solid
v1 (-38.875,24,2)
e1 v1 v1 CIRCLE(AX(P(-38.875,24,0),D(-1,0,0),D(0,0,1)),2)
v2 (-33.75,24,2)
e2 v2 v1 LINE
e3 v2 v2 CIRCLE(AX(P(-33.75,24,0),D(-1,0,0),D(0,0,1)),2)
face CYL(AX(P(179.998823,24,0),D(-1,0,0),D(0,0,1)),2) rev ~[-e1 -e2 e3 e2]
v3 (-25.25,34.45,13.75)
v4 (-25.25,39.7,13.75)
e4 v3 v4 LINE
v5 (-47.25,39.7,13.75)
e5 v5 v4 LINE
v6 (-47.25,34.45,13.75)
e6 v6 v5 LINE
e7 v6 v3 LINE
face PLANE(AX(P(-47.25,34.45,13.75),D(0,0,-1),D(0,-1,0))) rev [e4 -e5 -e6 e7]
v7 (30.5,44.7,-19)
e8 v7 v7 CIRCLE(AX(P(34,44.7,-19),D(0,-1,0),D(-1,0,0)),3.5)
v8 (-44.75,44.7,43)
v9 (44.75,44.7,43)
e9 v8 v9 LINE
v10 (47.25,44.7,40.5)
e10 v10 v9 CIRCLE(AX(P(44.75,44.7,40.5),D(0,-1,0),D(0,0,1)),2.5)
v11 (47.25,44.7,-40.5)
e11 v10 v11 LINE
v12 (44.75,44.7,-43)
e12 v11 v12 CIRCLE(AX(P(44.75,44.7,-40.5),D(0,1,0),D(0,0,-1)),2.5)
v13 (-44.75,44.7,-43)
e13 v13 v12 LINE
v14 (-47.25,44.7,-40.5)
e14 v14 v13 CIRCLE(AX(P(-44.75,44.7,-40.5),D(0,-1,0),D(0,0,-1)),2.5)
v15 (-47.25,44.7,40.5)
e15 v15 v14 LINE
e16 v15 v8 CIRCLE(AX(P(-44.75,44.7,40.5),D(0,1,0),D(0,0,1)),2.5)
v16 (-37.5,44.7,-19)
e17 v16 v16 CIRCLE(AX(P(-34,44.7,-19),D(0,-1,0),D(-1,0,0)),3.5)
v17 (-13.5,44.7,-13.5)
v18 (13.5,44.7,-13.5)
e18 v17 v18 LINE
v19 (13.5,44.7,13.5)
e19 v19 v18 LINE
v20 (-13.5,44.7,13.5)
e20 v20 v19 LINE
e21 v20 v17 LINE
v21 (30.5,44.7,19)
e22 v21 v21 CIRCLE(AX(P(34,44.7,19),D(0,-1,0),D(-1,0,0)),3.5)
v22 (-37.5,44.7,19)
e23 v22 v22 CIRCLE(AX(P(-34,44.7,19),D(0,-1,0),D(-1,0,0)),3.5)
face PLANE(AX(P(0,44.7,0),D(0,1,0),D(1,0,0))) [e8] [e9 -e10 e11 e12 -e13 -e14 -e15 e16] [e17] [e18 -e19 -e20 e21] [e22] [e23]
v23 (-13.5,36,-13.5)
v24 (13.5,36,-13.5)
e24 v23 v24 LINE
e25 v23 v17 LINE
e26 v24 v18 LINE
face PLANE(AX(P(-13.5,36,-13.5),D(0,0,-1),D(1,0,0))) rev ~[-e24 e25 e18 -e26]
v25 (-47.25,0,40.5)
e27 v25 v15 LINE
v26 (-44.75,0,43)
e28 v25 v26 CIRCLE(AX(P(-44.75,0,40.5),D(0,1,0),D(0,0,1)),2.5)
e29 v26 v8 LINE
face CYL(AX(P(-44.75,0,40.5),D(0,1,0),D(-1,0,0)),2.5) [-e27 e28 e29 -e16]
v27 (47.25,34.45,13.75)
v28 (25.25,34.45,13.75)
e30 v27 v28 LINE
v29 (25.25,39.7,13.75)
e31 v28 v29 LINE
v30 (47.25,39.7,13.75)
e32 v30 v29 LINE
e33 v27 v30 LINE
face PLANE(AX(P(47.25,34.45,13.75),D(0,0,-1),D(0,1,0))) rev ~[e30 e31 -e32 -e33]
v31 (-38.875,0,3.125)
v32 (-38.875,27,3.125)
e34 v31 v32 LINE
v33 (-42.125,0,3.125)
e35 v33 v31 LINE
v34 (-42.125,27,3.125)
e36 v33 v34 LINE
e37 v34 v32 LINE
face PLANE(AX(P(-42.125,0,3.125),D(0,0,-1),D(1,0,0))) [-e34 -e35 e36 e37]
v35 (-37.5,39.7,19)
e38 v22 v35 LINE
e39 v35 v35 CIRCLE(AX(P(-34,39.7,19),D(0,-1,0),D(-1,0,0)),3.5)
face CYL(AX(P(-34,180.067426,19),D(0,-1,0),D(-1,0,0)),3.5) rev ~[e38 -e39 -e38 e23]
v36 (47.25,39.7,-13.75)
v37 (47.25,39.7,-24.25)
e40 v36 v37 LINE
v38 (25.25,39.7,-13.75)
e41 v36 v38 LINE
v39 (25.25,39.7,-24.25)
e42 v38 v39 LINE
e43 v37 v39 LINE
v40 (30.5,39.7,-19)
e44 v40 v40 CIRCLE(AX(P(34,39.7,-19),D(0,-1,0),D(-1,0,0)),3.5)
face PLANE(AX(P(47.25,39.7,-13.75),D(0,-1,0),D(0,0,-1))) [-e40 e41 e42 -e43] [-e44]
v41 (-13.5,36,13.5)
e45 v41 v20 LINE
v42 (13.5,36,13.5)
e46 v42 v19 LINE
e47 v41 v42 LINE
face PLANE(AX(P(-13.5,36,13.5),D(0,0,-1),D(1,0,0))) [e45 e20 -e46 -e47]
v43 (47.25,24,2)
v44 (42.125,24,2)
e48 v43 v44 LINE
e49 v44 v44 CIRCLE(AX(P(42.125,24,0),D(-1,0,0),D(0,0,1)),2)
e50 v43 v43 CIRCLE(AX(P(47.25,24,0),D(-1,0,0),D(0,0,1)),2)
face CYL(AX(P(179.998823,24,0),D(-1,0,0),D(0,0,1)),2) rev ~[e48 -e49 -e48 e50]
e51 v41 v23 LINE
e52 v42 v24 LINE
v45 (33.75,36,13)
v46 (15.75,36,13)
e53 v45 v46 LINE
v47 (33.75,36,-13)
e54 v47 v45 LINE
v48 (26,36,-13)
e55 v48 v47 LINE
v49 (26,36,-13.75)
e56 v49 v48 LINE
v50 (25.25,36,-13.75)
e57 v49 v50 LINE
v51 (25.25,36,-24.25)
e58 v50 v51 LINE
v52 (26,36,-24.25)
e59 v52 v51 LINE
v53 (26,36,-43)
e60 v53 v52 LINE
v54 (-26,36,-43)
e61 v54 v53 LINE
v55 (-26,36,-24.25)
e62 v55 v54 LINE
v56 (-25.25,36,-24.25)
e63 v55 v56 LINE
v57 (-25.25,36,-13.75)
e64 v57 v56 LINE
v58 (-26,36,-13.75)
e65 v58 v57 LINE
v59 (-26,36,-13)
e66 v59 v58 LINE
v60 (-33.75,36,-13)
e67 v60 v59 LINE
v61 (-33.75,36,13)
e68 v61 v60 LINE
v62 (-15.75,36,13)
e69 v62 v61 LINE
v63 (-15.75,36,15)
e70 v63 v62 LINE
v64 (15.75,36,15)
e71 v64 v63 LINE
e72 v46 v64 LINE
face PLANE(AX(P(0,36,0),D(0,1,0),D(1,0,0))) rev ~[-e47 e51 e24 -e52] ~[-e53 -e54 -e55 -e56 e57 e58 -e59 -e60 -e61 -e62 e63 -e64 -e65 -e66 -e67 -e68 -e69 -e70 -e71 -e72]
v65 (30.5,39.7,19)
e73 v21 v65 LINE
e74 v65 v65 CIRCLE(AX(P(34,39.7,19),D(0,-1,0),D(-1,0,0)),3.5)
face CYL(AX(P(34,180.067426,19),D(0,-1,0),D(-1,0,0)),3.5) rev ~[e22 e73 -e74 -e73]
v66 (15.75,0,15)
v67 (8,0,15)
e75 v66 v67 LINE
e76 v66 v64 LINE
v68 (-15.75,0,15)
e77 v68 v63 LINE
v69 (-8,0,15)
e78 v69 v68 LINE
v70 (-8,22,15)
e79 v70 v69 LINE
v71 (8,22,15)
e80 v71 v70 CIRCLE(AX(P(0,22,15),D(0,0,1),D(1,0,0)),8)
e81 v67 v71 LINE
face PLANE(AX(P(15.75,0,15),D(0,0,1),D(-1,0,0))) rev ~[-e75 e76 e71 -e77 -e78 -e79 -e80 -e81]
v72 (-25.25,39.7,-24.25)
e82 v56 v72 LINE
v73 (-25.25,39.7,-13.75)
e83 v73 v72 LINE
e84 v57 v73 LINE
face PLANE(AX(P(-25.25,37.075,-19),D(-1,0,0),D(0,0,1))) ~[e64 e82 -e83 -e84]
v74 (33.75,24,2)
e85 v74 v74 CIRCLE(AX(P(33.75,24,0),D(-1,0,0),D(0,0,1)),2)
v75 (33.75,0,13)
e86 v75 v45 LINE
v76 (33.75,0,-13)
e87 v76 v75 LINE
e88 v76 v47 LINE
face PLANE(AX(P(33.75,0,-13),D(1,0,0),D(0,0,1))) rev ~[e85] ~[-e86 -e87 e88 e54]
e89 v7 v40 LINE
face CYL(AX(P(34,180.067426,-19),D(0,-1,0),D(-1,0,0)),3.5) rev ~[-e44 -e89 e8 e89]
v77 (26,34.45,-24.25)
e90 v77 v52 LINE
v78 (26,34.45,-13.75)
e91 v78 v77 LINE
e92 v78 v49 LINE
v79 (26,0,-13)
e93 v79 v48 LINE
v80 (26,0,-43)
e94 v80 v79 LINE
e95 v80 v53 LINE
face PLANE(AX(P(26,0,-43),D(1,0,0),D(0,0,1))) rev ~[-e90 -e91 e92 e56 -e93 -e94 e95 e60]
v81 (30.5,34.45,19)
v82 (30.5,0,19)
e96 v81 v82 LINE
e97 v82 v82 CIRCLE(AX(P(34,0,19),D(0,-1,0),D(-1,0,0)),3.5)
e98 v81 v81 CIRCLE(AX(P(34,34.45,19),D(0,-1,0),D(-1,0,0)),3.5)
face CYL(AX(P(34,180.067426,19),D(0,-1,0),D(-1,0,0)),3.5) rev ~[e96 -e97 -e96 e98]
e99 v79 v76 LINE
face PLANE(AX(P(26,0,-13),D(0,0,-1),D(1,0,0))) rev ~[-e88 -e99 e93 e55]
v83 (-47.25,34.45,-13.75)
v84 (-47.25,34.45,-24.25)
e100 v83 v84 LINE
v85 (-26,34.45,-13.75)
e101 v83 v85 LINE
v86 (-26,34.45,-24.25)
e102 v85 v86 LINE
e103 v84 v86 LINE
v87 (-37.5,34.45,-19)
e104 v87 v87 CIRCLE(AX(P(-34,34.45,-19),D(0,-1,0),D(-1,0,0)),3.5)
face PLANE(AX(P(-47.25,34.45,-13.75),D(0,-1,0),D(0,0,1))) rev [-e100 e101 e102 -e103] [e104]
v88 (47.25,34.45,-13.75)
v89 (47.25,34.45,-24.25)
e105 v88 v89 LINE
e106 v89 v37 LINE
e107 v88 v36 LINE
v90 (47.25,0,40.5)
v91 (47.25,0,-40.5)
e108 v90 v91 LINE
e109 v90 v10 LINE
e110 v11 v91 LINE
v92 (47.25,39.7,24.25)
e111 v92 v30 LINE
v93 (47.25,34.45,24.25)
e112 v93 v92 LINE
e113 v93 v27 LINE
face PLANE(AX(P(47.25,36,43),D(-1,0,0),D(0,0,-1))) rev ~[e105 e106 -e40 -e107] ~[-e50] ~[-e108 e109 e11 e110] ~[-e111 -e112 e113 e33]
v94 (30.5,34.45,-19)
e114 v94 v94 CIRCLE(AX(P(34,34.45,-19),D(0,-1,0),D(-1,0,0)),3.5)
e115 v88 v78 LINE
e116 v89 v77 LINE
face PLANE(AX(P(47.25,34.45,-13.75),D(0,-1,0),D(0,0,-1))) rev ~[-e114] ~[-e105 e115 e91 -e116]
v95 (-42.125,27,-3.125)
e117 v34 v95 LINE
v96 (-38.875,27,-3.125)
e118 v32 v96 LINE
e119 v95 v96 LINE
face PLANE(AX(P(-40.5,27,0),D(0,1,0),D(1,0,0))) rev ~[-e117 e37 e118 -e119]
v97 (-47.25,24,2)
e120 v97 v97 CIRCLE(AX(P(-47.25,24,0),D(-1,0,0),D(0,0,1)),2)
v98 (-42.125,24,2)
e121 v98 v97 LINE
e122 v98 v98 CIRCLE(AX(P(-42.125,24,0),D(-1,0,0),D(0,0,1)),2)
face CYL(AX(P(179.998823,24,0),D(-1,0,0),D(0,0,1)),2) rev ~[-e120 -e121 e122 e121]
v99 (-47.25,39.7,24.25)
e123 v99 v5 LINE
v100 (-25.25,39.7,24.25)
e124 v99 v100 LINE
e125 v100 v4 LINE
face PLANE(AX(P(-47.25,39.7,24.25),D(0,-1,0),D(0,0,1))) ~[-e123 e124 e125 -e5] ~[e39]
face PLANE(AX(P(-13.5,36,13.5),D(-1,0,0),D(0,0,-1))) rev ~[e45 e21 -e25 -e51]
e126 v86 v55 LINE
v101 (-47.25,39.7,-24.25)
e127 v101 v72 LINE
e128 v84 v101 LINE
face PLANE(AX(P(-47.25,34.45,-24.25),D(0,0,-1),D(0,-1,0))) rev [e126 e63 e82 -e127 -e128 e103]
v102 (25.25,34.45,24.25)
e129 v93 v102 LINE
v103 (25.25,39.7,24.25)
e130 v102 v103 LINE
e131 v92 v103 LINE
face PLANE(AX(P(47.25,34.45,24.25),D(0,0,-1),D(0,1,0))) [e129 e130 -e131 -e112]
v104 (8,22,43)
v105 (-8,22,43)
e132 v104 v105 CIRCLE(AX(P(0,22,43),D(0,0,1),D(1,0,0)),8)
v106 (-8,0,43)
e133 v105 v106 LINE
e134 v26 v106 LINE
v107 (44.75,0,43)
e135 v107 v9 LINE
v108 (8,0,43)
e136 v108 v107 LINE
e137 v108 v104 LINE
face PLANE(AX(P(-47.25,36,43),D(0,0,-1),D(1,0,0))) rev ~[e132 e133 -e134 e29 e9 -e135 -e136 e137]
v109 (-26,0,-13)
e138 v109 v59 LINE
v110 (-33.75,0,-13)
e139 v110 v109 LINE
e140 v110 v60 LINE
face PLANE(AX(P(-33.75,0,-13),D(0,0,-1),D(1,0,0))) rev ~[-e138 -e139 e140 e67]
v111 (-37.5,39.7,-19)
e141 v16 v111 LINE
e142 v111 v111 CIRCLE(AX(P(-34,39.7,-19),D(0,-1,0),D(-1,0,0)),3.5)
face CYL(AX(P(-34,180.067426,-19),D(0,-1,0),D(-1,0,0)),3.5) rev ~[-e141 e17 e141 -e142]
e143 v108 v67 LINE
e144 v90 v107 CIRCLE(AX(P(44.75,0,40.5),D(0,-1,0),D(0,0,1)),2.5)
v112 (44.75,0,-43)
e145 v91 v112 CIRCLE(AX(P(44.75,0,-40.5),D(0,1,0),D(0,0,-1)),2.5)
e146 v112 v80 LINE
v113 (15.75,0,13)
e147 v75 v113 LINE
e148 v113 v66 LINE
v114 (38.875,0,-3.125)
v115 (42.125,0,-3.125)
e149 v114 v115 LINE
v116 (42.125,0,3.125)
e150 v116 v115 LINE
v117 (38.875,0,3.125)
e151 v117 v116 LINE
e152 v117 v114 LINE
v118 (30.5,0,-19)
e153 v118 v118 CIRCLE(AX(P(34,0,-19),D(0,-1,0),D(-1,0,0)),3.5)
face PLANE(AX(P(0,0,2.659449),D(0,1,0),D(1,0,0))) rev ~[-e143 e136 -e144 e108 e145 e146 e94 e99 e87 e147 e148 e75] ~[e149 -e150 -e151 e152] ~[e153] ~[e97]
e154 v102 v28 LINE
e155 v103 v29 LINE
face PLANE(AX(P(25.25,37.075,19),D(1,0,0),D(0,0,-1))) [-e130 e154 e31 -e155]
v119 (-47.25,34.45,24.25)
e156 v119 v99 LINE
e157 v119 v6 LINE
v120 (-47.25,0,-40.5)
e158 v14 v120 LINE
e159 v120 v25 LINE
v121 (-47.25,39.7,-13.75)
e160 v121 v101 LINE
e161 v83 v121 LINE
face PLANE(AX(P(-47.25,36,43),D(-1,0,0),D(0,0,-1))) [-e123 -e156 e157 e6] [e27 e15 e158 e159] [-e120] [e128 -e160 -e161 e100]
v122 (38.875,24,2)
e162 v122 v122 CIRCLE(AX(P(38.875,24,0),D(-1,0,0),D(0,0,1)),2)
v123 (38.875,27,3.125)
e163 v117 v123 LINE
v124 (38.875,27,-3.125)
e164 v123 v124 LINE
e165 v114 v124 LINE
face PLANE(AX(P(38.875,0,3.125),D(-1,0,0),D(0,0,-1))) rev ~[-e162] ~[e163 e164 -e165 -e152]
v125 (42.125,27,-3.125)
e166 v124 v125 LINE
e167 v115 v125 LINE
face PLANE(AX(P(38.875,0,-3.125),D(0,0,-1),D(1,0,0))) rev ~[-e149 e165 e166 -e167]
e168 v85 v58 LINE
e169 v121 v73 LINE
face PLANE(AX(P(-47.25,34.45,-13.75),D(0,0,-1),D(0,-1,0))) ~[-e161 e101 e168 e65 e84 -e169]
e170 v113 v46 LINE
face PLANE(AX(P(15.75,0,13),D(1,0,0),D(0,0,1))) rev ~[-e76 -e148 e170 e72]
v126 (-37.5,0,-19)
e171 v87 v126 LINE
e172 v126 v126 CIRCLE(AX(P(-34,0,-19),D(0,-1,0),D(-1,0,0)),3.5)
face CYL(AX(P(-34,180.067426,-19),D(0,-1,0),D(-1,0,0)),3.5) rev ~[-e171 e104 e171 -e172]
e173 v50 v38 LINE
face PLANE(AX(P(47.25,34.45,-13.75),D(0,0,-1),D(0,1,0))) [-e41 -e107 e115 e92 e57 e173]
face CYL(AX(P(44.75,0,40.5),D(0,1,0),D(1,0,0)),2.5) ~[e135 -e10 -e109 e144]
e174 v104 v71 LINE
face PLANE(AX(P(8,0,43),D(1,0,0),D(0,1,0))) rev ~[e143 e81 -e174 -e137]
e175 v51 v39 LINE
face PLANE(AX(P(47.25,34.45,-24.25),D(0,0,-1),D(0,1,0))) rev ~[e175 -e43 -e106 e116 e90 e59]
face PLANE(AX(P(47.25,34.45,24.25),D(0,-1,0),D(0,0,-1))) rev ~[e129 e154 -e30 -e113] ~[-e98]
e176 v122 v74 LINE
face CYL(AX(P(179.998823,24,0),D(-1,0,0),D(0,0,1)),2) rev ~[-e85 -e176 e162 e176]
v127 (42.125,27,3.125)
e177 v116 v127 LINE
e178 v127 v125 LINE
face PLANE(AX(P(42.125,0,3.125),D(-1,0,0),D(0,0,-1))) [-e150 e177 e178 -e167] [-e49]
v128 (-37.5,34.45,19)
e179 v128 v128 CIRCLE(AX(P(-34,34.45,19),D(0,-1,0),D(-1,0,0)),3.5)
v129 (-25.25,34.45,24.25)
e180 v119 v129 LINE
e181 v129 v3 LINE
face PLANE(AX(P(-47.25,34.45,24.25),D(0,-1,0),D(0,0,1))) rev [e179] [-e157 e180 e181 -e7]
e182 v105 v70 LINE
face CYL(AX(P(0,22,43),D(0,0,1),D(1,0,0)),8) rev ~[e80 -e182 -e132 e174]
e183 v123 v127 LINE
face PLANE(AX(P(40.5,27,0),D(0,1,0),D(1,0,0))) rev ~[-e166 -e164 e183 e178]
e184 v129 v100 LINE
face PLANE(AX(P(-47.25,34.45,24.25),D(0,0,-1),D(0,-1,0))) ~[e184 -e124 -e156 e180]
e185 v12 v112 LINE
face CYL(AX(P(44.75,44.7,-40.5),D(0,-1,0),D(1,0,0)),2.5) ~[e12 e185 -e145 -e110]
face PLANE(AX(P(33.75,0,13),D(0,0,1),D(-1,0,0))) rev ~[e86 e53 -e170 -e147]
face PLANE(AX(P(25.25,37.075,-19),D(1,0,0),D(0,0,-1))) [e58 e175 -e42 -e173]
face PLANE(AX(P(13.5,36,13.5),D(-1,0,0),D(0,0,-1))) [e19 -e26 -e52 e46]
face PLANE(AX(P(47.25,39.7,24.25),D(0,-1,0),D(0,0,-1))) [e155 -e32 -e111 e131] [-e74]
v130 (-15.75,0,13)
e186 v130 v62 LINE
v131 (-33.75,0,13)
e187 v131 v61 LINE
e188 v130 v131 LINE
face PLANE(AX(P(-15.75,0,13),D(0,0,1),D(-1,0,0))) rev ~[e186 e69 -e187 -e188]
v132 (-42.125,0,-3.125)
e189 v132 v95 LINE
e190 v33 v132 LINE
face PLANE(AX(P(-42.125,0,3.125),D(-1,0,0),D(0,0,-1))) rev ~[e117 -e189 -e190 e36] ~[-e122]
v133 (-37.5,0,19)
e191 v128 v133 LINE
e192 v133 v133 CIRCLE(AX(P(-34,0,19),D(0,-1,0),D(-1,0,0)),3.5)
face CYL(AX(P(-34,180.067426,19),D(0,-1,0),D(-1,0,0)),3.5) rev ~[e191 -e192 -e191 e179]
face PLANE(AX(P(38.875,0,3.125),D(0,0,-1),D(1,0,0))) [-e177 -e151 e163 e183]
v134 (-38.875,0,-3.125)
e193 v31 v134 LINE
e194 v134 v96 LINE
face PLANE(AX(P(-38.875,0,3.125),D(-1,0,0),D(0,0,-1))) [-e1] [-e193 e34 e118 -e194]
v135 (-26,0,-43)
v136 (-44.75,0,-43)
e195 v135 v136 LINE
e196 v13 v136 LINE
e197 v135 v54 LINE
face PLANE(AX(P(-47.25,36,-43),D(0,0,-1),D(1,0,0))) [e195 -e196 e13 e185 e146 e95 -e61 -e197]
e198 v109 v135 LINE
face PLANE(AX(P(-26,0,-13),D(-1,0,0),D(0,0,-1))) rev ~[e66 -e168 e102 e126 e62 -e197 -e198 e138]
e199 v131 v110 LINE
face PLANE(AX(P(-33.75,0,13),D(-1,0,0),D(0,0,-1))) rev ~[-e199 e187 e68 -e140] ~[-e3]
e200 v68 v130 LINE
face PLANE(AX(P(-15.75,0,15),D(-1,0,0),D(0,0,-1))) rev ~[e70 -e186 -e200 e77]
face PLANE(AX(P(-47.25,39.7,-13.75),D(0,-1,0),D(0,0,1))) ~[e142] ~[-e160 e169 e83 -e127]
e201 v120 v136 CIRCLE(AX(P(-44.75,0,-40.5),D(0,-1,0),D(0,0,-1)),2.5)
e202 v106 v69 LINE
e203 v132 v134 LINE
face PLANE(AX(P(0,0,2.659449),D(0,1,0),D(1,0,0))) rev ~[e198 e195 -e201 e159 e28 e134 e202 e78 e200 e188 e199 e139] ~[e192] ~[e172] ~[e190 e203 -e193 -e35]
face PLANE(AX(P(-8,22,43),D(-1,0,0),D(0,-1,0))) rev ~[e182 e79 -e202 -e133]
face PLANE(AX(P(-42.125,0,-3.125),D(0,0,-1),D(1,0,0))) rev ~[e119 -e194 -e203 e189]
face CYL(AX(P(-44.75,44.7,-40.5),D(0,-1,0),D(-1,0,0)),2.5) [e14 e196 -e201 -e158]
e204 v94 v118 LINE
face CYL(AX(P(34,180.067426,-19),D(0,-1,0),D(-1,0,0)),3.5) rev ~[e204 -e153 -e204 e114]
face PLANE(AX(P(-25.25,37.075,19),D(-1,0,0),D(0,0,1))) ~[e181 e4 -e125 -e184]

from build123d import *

# Parameters (mm, degrees)
BOSS_EXTRUDE1_DEPTH  = 36
M3_CLEARANCE_HOLE1_D = 4
SKETCH6_W            = 94.5
SKETCH6_H            = 86
SKETCH6_W_2          = 27
SKETCH6_H_2          = 27
BOSS_EXTRUDE2_DEPTH  = 8.7
FILLET1_R            = 2.5
SKETCH2_3_W          = 3.25
SKETCH2_3_H          = 6.25
CUT_EXTRUDE1_DEPTH   = 27
CUT_EXTRUDE2_DEPTH   = 108.826956277
M6_CLEARANCE_HOLE1_D = 7
SKETCH12_W           = 10.5
SKETCH12_H           = 5.25
CUT_EXTRUDE4_DEPTH   = 22


with BuildPart() as part:
    # Sketch2 → Boss-Extrude1 (new body)
    with BuildSketch(Plane(origin=(0, 0, 0), x_dir=(1, 0, 0), z_dir=(0, 1, 0))):
        Polygon((-33.75, 13), (-26, 13), (-26, 43), (-47.25, 43), (-47.25, -43), (47.25, -43), (47.25, 43), (26, 43), (26, 13), (33.75, 13), (33.75, -13), (15.75, -13), (15.75, -15), (-15.75, -15), (-15.75, -13), (-33.75, -13), align=None)
    extrude(amount=BOSS_EXTRUDE1_DEPTH)

    # M3 Clearance Hole1 (through all)
    with Locations(Plane(origin=(47.25, 0, 0), x_dir=(0, 0, -1), z_dir=(1, 0, 0))):
        with Locations((0, 24)):
            Hole(M3_CLEARANCE_HOLE1_D / 2)

    # Sketch6 → Boss-Extrude2 (add)
    with BuildSketch(Plane(origin=(0, 36, 0), x_dir=(1, 0, 0), z_dir=(0, 1, 0))):
        Rectangle(SKETCH6_W, SKETCH6_H)
        Rectangle(SKETCH6_W_2, SKETCH6_H_2, mode=Mode.SUBTRACT)
    extrude(amount=BOSS_EXTRUDE2_DEPTH)

    # Fillet1
    fillet1_edges = [part.edges().sort_by_distance(p)[0] for p in [
        (47.25, 22.35, -43),
        (47.25, 22.35, 43),
        (-47.25, 22.35, 43),
        (-47.25, 22.35, -43),
    ]]
    fillet(fillet1_edges, radius=FILLET1_R)

    # Sketch2<3> → Cut-Extrude1 (cut)
    with BuildSketch(Plane(origin=(0, 0, 0), x_dir=(1, 0, 0), z_dir=(0, 1, 0))):
        with Locations((-40.5, 0)):
            Rectangle(SKETCH2_3_W, SKETCH2_3_H)
        with Locations((40.5, 0)):
            Rectangle(SKETCH2_3_W, SKETCH2_3_H)
    extrude(amount=CUT_EXTRUDE1_DEPTH, mode=Mode.SUBTRACT)

    # Sketch8 → Cut-Extrude2 (cut, through all)
    with BuildSketch(Plane.XY.offset(43)):
        with BuildLine():
            Line((-8, 22), (-8, 0))
            Line((-8, 0), (8, 0))
            Line((8, 0), (8, 22))
            ThreePointArc((8, 22), (0, 30), (-8, 22))
        make_face()
    extrude(amount=-CUT_EXTRUDE2_DEPTH, mode=Mode.SUBTRACT)

    # M6 Clearance Hole1 (through all)
    with Locations(Plane(origin=(0, 44.7, 0), x_dir=(1, 0, 0), z_dir=(0, 1, 0))):
        with Locations((-34, 19), (34, 19), (34, -19), (-34, -19)):
            Hole(M6_CLEARANCE_HOLE1_D / 2)

    # Sketch12 → Cut-Extrude4 (cut)
    with BuildSketch(Plane(origin=(47.25, 0, 0), x_dir=(0, 0, -1), z_dir=(1, 0, 0))):
        with Locations((-19, 37.075)):
            Rectangle(SKETCH12_W, SKETCH12_H)
        with Locations((19, 37.075)):
            Rectangle(SKETCH12_W, SKETCH12_H)
    cut_extrude4 = extrude(amount=-CUT_EXTRUDE4_DEPTH, mode=Mode.SUBTRACT)

    # Mirror2: Cut-Extrude4 across plane
    add(cut_extrude4.mirror(Plane(origin=(0, 0, 0), x_dir=(0, 0, 1), z_dir=(1, 0, 0))), mode=Mode.SUBTRACT)


solid = part.part
